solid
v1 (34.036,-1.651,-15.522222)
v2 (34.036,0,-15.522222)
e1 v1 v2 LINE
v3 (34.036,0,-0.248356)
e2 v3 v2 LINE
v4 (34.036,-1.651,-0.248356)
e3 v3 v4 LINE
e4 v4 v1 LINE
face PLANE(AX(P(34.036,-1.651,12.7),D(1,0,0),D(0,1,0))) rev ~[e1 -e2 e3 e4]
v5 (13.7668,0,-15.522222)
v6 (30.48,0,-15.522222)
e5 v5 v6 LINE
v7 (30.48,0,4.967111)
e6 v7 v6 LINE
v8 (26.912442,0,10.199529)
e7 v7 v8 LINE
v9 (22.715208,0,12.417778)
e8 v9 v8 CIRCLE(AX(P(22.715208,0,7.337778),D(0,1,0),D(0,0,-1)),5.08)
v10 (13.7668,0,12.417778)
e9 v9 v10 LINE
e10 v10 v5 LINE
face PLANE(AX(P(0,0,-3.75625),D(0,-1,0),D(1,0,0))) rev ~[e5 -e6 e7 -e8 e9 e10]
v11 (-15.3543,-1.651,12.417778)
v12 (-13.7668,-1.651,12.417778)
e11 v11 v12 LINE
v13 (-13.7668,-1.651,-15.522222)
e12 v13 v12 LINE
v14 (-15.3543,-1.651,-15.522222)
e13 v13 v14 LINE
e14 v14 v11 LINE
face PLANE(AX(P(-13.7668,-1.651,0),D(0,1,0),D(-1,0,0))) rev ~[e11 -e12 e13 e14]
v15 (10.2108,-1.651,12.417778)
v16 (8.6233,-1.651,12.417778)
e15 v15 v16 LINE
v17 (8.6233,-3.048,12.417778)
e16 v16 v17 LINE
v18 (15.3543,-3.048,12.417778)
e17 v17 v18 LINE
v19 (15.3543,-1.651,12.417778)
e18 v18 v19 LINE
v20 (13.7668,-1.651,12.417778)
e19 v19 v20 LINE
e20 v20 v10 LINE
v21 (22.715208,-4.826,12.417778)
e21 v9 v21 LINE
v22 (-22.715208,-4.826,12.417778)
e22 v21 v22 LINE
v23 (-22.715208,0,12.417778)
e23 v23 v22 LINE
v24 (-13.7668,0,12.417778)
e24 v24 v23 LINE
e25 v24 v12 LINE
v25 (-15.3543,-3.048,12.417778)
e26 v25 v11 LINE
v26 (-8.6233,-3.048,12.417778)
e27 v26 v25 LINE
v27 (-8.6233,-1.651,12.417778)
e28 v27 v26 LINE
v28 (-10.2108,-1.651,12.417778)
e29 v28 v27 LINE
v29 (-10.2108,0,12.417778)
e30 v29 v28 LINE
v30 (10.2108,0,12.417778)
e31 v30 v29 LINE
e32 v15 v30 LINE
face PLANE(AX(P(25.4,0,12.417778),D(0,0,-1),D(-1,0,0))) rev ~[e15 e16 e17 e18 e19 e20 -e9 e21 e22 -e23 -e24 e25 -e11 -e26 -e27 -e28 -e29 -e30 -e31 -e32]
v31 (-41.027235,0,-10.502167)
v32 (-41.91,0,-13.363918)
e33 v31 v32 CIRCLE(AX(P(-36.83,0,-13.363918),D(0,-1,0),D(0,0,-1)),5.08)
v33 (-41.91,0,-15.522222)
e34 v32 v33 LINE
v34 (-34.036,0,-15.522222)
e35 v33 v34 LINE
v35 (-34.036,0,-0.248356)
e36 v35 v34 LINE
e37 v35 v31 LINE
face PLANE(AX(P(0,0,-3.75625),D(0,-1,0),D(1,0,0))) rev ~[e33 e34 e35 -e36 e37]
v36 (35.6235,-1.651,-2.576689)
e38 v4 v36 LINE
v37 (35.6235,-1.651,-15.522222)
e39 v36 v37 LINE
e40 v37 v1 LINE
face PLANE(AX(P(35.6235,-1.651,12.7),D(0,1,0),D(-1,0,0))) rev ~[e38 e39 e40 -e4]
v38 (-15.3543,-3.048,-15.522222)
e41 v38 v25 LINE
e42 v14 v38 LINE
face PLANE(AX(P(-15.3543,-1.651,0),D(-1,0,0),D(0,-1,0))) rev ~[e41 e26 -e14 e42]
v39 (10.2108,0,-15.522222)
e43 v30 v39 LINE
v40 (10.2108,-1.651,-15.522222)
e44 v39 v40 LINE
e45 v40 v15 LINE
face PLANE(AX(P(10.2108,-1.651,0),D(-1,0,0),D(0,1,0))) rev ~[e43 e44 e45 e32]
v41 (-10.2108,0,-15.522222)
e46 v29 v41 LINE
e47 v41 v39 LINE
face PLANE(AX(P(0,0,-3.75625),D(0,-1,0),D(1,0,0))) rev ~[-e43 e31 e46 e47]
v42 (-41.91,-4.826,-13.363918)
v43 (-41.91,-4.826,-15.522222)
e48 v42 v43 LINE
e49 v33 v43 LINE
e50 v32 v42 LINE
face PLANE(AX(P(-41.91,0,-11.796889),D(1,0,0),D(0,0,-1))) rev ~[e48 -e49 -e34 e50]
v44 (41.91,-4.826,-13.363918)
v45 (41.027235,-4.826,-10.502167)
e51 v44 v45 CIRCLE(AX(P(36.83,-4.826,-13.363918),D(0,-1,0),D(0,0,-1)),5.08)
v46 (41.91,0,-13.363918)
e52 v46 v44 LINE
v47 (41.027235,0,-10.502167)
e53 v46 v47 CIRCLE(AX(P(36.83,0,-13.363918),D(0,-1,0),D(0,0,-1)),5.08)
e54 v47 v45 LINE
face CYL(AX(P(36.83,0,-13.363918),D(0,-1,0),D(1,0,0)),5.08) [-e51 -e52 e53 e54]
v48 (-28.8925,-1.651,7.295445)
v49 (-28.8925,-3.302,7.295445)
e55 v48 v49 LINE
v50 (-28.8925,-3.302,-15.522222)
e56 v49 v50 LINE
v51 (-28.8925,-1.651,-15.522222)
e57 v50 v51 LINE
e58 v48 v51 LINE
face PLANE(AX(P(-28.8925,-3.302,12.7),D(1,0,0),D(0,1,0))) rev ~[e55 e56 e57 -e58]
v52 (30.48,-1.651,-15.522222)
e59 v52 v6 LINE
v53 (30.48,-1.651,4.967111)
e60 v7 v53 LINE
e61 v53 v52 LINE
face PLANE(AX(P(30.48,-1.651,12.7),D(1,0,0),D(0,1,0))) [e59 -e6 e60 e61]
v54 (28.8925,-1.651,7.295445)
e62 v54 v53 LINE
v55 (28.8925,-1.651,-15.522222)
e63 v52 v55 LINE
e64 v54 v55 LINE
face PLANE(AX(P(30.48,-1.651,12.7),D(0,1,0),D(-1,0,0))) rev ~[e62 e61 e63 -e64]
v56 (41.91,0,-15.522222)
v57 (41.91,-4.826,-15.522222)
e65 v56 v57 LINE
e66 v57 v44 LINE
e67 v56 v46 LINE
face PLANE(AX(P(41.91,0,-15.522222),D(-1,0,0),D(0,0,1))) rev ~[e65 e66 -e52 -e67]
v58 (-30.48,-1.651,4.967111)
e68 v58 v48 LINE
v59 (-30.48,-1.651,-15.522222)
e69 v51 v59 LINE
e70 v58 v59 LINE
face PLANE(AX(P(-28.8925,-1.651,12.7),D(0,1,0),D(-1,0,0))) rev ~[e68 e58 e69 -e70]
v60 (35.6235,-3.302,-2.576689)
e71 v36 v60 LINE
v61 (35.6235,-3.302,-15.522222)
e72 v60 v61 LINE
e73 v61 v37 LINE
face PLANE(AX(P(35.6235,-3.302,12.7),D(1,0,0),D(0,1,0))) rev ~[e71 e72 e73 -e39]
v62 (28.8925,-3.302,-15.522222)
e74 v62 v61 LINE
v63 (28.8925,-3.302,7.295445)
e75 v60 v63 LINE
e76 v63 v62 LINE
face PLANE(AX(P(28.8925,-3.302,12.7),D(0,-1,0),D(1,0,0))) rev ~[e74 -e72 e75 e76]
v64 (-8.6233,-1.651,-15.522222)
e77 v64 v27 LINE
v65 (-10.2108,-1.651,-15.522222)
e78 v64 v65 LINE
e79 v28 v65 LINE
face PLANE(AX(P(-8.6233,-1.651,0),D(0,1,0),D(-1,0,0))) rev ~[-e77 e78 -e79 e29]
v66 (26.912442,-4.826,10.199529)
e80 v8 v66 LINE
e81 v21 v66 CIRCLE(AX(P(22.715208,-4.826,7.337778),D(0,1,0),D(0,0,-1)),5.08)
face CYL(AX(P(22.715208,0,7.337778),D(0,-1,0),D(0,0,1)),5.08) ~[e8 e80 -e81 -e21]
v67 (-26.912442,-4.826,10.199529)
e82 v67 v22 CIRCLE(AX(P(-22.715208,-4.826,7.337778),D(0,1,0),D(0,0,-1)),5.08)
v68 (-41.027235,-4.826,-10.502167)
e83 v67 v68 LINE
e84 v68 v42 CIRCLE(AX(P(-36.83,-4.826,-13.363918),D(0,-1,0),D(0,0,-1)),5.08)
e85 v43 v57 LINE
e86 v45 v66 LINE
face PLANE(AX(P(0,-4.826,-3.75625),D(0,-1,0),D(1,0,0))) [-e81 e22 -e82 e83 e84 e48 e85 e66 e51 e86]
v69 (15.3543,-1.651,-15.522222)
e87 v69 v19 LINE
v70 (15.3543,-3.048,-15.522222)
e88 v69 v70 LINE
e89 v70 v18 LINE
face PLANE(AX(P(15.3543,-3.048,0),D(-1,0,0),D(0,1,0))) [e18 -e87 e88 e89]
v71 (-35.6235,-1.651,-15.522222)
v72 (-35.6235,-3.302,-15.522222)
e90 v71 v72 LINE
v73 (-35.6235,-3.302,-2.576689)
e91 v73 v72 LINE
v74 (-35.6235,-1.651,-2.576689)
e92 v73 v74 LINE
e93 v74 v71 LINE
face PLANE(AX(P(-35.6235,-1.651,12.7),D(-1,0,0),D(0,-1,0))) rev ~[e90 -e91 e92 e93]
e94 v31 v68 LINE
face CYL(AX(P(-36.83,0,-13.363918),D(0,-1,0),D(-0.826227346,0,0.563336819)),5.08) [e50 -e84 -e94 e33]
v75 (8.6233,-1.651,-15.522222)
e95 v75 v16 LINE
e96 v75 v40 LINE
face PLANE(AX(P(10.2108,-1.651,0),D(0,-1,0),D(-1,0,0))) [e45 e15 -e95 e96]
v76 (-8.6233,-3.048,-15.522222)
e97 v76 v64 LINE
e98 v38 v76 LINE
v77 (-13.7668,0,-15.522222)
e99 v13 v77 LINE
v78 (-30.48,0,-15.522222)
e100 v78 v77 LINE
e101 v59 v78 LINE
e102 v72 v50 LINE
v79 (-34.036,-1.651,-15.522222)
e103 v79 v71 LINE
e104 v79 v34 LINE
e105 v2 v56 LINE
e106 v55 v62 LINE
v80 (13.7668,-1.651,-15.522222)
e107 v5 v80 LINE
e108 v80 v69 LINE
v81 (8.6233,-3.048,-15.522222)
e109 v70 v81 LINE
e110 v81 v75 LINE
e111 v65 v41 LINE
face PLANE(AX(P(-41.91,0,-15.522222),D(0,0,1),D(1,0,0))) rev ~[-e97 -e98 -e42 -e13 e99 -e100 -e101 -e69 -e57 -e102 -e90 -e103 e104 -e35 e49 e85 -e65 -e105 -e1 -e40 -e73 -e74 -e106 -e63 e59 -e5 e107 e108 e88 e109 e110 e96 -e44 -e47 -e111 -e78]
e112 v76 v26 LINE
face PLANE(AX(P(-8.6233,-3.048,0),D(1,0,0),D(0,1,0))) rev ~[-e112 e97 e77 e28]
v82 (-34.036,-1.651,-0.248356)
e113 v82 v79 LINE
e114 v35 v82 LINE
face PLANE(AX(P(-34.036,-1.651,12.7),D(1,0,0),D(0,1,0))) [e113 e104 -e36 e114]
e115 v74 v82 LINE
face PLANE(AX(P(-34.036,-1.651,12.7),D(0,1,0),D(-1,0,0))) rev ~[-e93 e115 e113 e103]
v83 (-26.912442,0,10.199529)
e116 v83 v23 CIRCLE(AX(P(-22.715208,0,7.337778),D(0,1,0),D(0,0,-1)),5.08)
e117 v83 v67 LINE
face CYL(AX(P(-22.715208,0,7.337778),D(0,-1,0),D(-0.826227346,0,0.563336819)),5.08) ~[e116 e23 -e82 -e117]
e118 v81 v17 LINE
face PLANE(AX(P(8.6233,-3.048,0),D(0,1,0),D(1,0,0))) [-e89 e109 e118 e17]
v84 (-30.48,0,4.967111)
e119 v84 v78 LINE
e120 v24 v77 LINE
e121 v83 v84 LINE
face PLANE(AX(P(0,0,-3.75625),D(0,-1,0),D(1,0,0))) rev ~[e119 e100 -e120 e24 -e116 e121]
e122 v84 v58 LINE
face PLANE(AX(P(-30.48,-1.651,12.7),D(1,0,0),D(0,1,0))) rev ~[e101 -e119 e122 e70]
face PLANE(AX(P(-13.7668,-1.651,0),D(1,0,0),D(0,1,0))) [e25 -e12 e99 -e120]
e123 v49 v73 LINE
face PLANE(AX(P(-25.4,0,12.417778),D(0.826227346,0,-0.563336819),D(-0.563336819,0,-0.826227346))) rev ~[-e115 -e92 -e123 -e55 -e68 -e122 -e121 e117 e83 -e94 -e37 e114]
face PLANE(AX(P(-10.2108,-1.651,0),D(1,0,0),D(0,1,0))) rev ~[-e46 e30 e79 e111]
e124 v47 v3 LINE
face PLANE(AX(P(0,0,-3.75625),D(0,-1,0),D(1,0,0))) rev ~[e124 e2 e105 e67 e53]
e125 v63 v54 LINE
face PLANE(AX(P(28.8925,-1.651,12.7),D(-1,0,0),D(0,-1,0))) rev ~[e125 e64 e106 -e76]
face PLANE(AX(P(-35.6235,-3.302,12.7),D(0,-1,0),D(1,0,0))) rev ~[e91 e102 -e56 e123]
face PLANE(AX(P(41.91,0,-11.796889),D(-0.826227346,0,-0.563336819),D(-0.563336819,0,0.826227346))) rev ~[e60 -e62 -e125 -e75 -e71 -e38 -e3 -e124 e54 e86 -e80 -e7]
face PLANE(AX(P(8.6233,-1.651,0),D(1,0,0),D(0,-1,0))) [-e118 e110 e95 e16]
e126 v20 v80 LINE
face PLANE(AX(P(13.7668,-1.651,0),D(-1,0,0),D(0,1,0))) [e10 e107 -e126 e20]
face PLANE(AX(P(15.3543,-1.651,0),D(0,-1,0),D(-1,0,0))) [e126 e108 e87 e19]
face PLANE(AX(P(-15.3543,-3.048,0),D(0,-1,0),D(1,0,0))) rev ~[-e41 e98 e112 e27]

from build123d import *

# Parameters (mm, degrees)
F1_DEPTH = 4.826
F2_W     = 3.556
F2_H     = 1.651
F3_DEPTH = 25.4
F5_W     = 3.556
F5_H     = 1.651
F6_DEPTH = 50.8
F7_R     = 5.08
F8_R     = 5.08


with BuildPart() as f1:
    # F0 (on Front) → F1 (new body)
    with BuildSketch(Plane.XZ):
        Polygon((-25.4, 12.417778), (-41.91, -11.796889), (-41.91, -15.522222), (41.91, -15.522222), (41.91, -11.796889), (25.4, 12.417778), align=None)
        Polygon((-37.240951, -11.712222), (-23.386406, 8.607778), (23.386406, 8.607778), (37.240951, -11.712222), align=None, mode=Mode.SUBTRACT)
        Polygon((23.386406, 8.607778), (-23.386406, 8.607778), (-37.240951, -11.712222), (37.240951, -11.712222), align=None)
    extrude(amount=F1_DEPTH)

    # F2 (on Top) → F3 (cut, symmetric)
    with BuildSketch(Plane.XY):
        with Locations((11.9888, -0.8255)):
            Rectangle(F2_W, F2_H)
        Polygon((15.3543, -1.651), (13.7668, -1.651), (10.2108, -1.651), (8.6233, -1.651), (8.6233, -3.048), (15.3543, -3.048), align=None)
        with Locations((-11.9888, -0.8255)):
            Rectangle(F2_W, F2_H)
        Polygon((-10.2108, -1.651), (-13.7668, -1.651), (-15.3543, -1.651), (-15.3543, -3.048), (-8.6233, -3.048), (-8.6233, -1.651), align=None)
    extrude(amount=F3_DEPTH, both=True, mode=Mode.SUBTRACT)

    # F5 (on offset) → F6 (cut)
    with BuildSketch(Plane.XY.offset(12.7)):
        with Locations((-32.258, -0.8255)):
            Rectangle(F5_W, F5_H)
        Polygon((-30.48, -1.651), (-34.036, -1.651), (-35.6235, -1.651), (-35.6235, -3.302), (-28.8925, -3.302), (-28.8925, -1.651), align=None)
        with Locations((32.258, -0.8255)):
            Rectangle(F5_W, F5_H)
        Polygon((35.6235, -1.651), (34.036, -1.651), (30.48, -1.651), (28.8925, -1.651), (28.8925, -3.302), (35.6235, -3.302), align=None)
    extrude(amount=-F6_DEPTH, mode=Mode.SUBTRACT)

    # F7
    f7_edges = [f1.edges().sort_by_distance(p)[0] for p in [
        (-41.91, -2.413, -11.796889),
        (41.91, -2.413, -11.796889),
    ]]
    fillet(f7_edges, radius=F7_R)

    # F8
    f8_edges = [f1.edges().sort_by_distance(p)[0] for p in [
        (-25.4, -2.413, 12.417778),
        (25.4, -2.413, 12.417778),
    ]]
    fillet(f8_edges, radius=F8_R)


solid = f1.part
